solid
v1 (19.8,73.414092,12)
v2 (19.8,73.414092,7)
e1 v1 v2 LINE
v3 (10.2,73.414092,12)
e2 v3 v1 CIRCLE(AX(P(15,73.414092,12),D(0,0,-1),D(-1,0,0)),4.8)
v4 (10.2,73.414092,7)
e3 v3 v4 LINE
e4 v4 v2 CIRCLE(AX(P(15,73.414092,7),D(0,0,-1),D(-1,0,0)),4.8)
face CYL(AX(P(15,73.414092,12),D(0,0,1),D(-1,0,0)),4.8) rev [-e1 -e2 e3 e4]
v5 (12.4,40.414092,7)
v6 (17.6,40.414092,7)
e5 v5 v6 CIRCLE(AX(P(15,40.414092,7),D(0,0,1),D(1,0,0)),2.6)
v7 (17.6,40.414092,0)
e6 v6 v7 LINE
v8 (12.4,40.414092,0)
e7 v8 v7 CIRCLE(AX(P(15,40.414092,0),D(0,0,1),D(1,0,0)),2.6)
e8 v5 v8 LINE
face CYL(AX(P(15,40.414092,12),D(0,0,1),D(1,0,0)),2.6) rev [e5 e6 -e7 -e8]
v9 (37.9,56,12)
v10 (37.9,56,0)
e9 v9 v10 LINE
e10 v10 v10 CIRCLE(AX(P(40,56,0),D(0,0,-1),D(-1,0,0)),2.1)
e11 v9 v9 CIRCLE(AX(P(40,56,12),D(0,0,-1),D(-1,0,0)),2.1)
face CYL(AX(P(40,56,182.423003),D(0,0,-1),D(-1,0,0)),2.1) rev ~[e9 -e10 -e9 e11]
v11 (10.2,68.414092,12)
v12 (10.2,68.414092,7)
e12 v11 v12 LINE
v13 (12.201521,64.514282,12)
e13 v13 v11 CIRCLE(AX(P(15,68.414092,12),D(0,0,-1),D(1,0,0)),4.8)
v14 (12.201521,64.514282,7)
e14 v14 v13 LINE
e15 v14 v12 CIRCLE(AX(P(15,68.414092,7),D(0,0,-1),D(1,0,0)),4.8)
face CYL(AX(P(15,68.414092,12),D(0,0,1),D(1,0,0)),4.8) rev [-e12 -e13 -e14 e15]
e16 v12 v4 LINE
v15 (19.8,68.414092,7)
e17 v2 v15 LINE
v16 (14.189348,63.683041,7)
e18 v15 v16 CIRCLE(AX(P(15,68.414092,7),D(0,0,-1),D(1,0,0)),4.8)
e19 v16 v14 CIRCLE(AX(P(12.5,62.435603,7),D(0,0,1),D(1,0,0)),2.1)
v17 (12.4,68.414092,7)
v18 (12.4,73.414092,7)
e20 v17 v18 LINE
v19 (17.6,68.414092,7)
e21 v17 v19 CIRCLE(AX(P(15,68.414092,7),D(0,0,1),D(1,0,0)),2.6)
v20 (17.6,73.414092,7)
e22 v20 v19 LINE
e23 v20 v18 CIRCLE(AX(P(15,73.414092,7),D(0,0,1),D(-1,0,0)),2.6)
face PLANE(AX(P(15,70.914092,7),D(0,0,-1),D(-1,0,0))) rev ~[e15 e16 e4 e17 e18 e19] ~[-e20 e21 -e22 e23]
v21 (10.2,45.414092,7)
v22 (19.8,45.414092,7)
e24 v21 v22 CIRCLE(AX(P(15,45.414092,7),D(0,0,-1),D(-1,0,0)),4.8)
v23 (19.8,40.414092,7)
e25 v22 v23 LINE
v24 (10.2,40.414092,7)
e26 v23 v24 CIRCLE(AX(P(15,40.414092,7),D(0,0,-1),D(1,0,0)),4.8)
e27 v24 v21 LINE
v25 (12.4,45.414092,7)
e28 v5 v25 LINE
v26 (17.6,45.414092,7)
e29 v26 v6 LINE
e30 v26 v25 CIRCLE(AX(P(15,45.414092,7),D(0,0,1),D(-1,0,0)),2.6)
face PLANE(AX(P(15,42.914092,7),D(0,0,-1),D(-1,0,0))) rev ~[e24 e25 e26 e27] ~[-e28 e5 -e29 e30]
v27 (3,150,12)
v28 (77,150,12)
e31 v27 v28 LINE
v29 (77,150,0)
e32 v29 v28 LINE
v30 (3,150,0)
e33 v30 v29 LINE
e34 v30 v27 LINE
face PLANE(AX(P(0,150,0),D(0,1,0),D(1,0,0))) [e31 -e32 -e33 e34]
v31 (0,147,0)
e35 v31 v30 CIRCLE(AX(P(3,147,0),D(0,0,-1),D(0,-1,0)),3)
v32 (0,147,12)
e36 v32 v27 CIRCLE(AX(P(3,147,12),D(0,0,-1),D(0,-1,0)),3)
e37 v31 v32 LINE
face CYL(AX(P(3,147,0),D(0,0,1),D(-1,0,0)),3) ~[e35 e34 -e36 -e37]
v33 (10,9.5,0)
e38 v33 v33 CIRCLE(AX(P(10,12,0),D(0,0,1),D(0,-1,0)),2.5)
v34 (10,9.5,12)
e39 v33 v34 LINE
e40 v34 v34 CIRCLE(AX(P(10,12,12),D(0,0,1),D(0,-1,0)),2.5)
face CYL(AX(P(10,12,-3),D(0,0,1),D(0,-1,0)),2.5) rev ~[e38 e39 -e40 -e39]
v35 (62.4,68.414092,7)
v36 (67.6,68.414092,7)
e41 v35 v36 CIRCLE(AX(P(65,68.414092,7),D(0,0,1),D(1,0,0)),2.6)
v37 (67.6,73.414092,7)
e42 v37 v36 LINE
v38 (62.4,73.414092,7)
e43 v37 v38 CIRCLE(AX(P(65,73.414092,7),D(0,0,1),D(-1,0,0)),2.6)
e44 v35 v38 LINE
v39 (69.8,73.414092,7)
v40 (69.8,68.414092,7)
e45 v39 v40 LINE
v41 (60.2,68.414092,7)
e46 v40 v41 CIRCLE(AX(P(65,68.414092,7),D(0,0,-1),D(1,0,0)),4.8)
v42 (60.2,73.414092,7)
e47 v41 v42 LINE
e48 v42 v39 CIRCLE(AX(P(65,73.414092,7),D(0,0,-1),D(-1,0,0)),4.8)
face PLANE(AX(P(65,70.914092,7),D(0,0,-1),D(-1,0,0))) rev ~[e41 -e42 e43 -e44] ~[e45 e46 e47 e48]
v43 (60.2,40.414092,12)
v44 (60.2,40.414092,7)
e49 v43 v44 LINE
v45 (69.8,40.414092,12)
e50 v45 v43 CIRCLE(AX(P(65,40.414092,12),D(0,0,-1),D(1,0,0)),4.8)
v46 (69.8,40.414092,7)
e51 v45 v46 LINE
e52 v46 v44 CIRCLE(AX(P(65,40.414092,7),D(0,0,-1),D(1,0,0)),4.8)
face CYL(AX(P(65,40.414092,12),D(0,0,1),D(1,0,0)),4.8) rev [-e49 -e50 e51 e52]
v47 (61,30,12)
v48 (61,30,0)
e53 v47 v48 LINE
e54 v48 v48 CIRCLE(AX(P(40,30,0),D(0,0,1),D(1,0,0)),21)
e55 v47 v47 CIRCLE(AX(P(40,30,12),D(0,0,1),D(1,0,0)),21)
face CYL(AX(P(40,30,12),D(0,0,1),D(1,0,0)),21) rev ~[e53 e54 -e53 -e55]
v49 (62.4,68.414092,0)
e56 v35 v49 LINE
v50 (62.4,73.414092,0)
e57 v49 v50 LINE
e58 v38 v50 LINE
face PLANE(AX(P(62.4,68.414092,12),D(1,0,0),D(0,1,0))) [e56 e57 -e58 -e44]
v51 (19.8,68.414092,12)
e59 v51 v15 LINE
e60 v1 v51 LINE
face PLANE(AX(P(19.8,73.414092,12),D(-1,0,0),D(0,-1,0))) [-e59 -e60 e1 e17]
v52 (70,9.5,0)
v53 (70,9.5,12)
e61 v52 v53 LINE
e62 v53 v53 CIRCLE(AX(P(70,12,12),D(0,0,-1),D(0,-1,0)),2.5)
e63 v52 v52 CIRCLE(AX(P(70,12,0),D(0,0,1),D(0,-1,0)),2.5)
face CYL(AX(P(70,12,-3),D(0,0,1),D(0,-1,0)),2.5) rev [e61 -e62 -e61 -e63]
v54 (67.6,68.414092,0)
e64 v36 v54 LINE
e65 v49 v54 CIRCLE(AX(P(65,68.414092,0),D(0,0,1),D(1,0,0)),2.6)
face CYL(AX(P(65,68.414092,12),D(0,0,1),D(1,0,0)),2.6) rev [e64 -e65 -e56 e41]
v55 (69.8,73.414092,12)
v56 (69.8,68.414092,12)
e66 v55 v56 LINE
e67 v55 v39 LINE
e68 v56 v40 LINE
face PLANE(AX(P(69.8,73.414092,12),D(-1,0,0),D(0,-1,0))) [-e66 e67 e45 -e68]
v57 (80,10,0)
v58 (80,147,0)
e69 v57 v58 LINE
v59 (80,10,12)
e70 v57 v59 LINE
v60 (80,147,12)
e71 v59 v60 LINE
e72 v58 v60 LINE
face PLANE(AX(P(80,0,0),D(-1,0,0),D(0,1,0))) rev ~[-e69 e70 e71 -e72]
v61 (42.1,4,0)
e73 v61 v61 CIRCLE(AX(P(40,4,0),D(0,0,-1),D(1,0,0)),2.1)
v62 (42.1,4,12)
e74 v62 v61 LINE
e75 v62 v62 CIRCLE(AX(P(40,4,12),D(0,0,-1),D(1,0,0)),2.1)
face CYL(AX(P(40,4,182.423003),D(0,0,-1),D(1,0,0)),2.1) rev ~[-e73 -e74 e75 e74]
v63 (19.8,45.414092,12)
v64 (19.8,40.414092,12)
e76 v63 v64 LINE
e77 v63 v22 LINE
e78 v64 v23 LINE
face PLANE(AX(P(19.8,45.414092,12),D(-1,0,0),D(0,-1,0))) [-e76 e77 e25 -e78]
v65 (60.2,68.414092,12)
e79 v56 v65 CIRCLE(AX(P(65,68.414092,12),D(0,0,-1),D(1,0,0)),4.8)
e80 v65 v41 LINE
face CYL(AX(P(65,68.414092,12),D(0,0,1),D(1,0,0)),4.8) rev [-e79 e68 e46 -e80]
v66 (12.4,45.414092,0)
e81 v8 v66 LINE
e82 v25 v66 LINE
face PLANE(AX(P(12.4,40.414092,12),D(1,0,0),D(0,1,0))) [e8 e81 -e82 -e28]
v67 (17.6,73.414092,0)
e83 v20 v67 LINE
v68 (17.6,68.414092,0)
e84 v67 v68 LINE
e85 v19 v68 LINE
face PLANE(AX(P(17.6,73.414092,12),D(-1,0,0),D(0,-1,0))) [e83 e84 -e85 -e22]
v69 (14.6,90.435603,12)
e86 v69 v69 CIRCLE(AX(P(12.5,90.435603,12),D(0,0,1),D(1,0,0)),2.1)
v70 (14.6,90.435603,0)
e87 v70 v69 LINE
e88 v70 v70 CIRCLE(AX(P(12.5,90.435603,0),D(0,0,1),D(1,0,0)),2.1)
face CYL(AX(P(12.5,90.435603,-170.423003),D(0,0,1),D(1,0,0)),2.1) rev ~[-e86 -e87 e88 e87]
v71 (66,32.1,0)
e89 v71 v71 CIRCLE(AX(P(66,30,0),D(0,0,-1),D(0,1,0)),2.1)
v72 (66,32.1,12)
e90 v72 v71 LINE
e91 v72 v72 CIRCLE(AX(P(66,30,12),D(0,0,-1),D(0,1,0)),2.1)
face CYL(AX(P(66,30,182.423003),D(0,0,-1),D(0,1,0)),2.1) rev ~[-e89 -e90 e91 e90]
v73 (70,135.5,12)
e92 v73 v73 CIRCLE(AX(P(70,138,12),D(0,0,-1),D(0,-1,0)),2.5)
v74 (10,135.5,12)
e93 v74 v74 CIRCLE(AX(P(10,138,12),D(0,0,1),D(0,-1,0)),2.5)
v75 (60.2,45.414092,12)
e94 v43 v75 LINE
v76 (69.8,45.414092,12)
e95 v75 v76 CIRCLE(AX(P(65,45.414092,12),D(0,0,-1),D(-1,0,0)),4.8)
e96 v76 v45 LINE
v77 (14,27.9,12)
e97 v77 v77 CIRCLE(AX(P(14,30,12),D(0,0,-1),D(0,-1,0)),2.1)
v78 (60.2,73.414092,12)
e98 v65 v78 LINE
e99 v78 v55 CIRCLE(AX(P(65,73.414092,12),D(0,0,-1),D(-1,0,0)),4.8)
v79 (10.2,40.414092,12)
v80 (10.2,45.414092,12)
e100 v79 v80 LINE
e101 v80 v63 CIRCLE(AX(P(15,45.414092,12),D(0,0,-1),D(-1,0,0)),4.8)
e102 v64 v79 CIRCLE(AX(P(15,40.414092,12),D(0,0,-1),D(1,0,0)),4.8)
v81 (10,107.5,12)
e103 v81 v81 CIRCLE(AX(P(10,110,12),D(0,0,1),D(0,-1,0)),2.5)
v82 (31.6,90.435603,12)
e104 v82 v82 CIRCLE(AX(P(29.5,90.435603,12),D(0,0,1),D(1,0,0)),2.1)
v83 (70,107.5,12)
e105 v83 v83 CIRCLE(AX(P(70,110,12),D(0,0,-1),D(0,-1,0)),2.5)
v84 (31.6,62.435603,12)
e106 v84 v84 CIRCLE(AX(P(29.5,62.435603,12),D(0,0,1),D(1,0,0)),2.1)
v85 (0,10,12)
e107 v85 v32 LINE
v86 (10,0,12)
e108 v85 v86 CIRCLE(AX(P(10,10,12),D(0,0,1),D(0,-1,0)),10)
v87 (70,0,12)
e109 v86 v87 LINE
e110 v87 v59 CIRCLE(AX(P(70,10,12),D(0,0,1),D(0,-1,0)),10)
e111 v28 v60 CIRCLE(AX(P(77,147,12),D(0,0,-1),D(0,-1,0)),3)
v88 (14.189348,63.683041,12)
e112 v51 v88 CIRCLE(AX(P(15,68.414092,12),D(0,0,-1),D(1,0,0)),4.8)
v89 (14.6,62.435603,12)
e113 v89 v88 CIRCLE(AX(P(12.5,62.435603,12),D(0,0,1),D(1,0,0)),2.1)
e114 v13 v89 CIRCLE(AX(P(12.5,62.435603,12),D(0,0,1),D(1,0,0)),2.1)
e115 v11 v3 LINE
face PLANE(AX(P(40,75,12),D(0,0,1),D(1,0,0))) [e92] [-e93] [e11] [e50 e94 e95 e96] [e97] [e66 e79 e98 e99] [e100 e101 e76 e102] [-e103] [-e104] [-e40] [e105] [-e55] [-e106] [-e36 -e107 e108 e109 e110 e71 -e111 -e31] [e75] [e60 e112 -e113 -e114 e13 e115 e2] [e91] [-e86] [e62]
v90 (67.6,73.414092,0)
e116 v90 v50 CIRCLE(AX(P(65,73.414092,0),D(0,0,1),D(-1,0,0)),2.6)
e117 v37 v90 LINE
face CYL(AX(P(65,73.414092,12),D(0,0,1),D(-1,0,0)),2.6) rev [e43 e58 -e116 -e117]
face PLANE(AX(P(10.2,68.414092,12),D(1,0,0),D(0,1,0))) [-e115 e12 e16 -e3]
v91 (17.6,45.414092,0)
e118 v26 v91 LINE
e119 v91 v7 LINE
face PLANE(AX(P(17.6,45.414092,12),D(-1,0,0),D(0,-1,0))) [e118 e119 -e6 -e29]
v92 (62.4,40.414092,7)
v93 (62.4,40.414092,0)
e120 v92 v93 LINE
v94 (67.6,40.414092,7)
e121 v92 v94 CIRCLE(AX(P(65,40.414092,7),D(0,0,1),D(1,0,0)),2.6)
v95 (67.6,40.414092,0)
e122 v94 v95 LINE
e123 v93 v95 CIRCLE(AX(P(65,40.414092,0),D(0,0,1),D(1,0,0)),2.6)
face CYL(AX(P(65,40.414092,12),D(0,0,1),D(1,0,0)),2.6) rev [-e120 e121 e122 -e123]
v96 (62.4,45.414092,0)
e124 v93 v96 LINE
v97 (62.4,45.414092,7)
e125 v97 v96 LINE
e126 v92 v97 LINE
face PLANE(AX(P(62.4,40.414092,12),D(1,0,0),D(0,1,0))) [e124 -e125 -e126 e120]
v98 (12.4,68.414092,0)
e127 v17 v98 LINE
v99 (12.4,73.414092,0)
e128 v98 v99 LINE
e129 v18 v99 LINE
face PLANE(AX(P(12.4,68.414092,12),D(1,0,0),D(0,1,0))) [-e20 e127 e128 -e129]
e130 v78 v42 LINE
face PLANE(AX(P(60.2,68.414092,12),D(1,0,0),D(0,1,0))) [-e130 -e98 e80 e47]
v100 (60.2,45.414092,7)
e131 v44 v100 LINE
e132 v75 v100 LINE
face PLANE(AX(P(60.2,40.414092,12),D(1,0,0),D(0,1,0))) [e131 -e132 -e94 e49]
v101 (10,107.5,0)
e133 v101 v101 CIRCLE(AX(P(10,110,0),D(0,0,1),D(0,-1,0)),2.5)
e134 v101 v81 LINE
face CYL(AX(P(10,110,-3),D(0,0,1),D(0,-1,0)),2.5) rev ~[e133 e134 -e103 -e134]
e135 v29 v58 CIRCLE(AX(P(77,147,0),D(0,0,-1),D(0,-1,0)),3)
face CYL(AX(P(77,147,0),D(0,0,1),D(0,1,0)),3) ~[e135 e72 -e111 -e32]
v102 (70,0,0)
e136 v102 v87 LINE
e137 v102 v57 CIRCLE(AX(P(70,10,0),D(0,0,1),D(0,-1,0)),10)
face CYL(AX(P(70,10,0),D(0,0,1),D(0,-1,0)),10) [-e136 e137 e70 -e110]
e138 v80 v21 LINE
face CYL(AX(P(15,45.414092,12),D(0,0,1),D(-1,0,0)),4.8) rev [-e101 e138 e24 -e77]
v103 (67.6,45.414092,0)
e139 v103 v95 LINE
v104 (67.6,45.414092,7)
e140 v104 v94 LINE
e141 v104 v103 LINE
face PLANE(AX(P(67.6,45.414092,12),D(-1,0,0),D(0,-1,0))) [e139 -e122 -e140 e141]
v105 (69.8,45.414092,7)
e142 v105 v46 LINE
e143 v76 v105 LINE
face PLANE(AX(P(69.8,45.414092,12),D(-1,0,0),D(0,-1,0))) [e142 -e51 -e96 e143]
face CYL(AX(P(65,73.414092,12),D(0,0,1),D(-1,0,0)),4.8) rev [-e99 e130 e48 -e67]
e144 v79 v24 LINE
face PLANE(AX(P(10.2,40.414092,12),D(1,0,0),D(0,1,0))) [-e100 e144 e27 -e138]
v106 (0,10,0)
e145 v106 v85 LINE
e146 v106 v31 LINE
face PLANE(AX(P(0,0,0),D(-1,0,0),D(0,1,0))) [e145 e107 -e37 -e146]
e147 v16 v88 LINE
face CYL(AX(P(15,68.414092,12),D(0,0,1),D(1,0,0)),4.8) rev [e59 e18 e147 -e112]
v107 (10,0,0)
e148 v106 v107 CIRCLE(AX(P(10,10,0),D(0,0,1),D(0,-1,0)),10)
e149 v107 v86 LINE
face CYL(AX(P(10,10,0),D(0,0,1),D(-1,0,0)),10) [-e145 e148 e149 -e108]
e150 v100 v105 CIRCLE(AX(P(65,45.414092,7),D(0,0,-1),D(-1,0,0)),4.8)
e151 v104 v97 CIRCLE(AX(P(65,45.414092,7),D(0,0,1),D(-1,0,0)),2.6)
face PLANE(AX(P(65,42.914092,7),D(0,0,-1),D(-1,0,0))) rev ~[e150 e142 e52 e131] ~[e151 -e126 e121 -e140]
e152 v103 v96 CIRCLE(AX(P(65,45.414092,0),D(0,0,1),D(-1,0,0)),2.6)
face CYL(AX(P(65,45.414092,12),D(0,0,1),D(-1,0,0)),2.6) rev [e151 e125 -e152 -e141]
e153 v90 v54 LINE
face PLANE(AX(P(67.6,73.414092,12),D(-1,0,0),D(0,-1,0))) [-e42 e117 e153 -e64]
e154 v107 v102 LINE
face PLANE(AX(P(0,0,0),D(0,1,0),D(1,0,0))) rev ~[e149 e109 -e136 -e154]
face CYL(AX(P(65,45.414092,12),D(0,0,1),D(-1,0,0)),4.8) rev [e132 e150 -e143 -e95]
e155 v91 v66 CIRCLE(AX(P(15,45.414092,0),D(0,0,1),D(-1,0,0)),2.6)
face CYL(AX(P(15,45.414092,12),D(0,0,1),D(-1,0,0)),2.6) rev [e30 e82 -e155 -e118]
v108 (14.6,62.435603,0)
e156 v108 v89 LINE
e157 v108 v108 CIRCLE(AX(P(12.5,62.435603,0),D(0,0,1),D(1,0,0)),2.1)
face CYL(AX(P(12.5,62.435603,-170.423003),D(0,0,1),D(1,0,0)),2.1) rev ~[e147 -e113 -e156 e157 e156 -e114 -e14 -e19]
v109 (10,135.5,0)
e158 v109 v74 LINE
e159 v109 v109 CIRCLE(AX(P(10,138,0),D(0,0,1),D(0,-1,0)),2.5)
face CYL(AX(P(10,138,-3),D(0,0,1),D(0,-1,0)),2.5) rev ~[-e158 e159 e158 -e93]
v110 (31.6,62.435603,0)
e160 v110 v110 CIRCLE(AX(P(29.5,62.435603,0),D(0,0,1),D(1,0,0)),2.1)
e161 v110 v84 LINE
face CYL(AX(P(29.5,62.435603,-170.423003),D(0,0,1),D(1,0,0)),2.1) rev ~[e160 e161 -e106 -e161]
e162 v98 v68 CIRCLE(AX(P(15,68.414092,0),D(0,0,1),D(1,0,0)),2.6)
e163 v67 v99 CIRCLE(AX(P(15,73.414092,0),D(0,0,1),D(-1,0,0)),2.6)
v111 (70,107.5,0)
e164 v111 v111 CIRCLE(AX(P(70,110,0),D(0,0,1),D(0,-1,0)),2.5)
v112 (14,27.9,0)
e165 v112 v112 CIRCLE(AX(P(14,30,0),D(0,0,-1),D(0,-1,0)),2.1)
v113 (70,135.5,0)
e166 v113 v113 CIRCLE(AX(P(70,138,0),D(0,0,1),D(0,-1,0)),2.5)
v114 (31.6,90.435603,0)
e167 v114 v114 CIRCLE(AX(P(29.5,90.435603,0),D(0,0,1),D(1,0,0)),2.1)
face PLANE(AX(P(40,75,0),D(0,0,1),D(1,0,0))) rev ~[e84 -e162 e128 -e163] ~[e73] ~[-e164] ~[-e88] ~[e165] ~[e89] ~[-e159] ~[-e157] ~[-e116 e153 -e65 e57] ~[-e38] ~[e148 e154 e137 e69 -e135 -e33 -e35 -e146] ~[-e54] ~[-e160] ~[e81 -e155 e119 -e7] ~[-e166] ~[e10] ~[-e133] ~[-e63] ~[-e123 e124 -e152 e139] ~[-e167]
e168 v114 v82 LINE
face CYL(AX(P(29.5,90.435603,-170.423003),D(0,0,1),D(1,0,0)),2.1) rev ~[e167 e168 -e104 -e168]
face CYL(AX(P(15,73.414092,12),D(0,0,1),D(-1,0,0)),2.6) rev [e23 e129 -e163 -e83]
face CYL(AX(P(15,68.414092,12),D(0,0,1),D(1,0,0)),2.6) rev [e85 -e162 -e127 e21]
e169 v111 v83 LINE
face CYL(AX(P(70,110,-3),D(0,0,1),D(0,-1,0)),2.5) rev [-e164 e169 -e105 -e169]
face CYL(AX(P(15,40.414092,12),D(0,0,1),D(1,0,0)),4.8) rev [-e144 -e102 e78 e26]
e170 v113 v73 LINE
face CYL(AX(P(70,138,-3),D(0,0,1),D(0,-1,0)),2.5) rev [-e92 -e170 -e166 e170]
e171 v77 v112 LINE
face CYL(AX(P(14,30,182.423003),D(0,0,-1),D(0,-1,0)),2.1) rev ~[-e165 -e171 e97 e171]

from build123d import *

# Parameters (mm, degrees)
SKETCH_6_W                  = 80
SKETCH_6_H                  = 150
EXTRUDE_1_DEPTH             = 12
SKETCH_8_R                  = 21
CUT_EXTRUDE_1_DEPTH         = 171.423003142
FILLET_1_R                  = 10
HOLE_WIZARD_M5_1_D          = 4.2
PATTERN_CIRCULAR_1_COUNT    = 4
CUT_EXTRUDE_2_DEPTH         = 171.423003142
CUT_EXTRUDE_3_DEPTH         = 5
FILLET_2_R                  = 3
PATTERN_LINEAR_1_COUNT      = 2
PATTERN_LINEAR_1_PITCH      = 28
PATTERN_LINEAR_1_COUNT_DIR2 = 2
PATTERN_LINEAR_1_PITCH_DIR2 = 50
HOLE_WIZARD_M6_1_AT_2_COUNT = 2
HOLE_WIZARD_M6_1_AT_2_PITCH = 98
HOLE_WIZARD_M6_1_AT_3_COUNT = 2
HOLE_WIZARD_M6_1_AT_3_PITCH = 126
HOLE_WIZARD_M5_2_D          = 4.2


with BuildPart() as part:
    # 草图6 → 凸台-拉伸1 (new body)
    with BuildSketch(Plane.XY):
        with Locations((40, 75)):
            Rectangle(SKETCH_6_W, SKETCH_6_H)
    extrude(amount=EXTRUDE_1_DEPTH)

    # 草图8 → 切除-拉伸1 (cut, through all)
    with BuildSketch(Plane.XY.offset(12)):
        with Locations((40, 30)):
            Circle(SKETCH_8_R)
    extrude(amount=-CUT_EXTRUDE_1_DEPTH, mode=Mode.SUBTRACT)

    # 圆角1
    fillet_1_edges = [part.edges().sort_by_distance(p)[0] for p in [
        (80, 0, 6),
        (0, 0, 6),
    ]]
    fillet(fillet_1_edges, radius=FILLET_1_R)

    # M5 螺纹孔1 (through all)
    with Locations(Plane.XY.offset(12)):
        with Locations((40, 56)):
            hole_wizard_m5_1 = Hole(HOLE_WIZARD_M5_1_D / 2)

    # 阵列(圆周)1: M5 螺纹孔1 ×4 about axis
    pattern_circular_1_axis = Axis((40, 30, 0), (0, 0, 1))
    for i in range(1, PATTERN_CIRCULAR_1_COUNT):
        add(hole_wizard_m5_1.rotate(pattern_circular_1_axis, i * 360 / PATTERN_CIRCULAR_1_COUNT), mode=Mode.SUBTRACT)

    # 草图11 → 切除-拉伸2 (cut, through all)
    with BuildSketch(Plane.XY.offset(12)):
        with BuildLine():
            Line((62.4, 68.414091782), (62.4, 73.414091782))
            ThreePointArc((62.4, 73.414091782), (65, 76.014091782), (67.6, 73.414091782))
            Line((67.6, 73.414091782), (67.6, 68.414091782))
            ThreePointArc((67.6, 68.414091782), (65, 65.814091782), (62.4, 68.414091782))
        make_face()
    cut_extrude_2 = extrude(amount=-CUT_EXTRUDE_2_DEPTH, mode=Mode.SUBTRACT)

    # 草图12 → 切除-拉伸3 (cut)
    with BuildSketch(Plane.XY.offset(12)):
        with BuildLine():
            Line((60.2, 68.414091782), (60.2, 73.414091782))
            ThreePointArc((60.2, 73.414091782), (65, 78.214091782), (69.8, 73.414091782))
            Line((69.8, 73.414091782), (69.8, 68.414091782))
            ThreePointArc((69.8, 68.414091782), (65, 63.614091782), (60.2, 68.414091782))
        make_face()
    cut_extrude_3 = extrude(amount=-CUT_EXTRUDE_3_DEPTH, mode=Mode.SUBTRACT)

    # 圆角2
    fillet_2_edges = [part.edges().sort_by_distance(p)[0] for p in [
        (0, 150, 6),
        (80, 150, 6),
    ]]
    fillet(fillet_2_edges, radius=FILLET_2_R)

    # 阵列(线性)1: 切除-拉伸2, Cut-Extrude 3 2 × 2
    with Locations(*[(-j * PATTERN_LINEAR_1_PITCH_DIR2, -i * PATTERN_LINEAR_1_PITCH, 0) for i in range(PATTERN_LINEAR_1_COUNT) for j in range(PATTERN_LINEAR_1_COUNT_DIR2) if (i, j) != (0, 0)]):
        add(cut_extrude_2, mode=Mode.SUBTRACT)
        add(cut_extrude_3, mode=Mode.SUBTRACT)

    # 草图13 → M6 螺纹孔1 (revolve, cut)
    with BuildSketch(Plane(origin=(70, 12, 12), x_dir=(0, -1, 0), z_dir=(1, 0, 0))):
        Polygon((0, 0), (0, 16.502151548), (2.5, 15), (2.5, 0), align=None)
    hole_wizard_m6_1 = revolve(axis=Axis((70, 12, 18.35), (0, 0, -1)), mode=Mode.SUBTRACT)

    # M6 螺纹孔1 at 2: M6 螺纹孔1 ×2
    with Locations(*[(0, i * HOLE_WIZARD_M6_1_AT_2_PITCH, 0) for i in range(1, HOLE_WIZARD_M6_1_AT_2_COUNT)]):
        add(hole_wizard_m6_1, mode=Mode.SUBTRACT)

    # M6 螺纹孔1 at 3: M6 螺纹孔1 ×2
    with Locations(*[(0, i * HOLE_WIZARD_M6_1_AT_3_PITCH, 0) for i in range(1, HOLE_WIZARD_M6_1_AT_3_COUNT)]):
        add(hole_wizard_m6_1, mode=Mode.SUBTRACT)

    # 镜向1: M6 螺纹孔1 across plane
    add(hole_wizard_m6_1.mirror(Plane.ZY.offset(-40)), mode=Mode.SUBTRACT)

    # 镜向1 copy 1 sketch → 镜向1 copy 1 (revolve, cut)
    with BuildSketch(Plane(origin=(10, 110, 12), x_dir=(0, -1, 0), z_dir=(-1, 0, 0))):
        Polygon((0, 0), (0, -16.502151548), (2.5, -15), (2.5, 0), align=None)
    revolve(axis=Axis((10, 110, 18.35), (0, 0, 1)), mode=Mode.SUBTRACT)

    # 镜向1 copy 2 sketch → 镜向1 copy 2 (revolve, cut)
    with BuildSketch(Plane(origin=(10, 138, 12), x_dir=(0, -1, 0), z_dir=(-1, 0, 0))):
        Polygon((0, 0), (0, -16.502151548), (2.5, -15), (2.5, 0), align=None)
    revolve(axis=Axis((10, 138, 18.35), (0, 0, 1)), mode=Mode.SUBTRACT)

    # M5 螺纹孔2 (through all)
    with Locations(Plane(origin=(0, 0, 0), x_dir=(-1, 0, 0), z_dir=(0, 0, -1))):
        with Locations((-12.5, 62.435602505), (-29.5, 62.435602505), (-29.5, 90.435602505), (-12.5, 90.435602505)):
            Hole(HOLE_WIZARD_M5_2_D / 2)


solid = part.part
